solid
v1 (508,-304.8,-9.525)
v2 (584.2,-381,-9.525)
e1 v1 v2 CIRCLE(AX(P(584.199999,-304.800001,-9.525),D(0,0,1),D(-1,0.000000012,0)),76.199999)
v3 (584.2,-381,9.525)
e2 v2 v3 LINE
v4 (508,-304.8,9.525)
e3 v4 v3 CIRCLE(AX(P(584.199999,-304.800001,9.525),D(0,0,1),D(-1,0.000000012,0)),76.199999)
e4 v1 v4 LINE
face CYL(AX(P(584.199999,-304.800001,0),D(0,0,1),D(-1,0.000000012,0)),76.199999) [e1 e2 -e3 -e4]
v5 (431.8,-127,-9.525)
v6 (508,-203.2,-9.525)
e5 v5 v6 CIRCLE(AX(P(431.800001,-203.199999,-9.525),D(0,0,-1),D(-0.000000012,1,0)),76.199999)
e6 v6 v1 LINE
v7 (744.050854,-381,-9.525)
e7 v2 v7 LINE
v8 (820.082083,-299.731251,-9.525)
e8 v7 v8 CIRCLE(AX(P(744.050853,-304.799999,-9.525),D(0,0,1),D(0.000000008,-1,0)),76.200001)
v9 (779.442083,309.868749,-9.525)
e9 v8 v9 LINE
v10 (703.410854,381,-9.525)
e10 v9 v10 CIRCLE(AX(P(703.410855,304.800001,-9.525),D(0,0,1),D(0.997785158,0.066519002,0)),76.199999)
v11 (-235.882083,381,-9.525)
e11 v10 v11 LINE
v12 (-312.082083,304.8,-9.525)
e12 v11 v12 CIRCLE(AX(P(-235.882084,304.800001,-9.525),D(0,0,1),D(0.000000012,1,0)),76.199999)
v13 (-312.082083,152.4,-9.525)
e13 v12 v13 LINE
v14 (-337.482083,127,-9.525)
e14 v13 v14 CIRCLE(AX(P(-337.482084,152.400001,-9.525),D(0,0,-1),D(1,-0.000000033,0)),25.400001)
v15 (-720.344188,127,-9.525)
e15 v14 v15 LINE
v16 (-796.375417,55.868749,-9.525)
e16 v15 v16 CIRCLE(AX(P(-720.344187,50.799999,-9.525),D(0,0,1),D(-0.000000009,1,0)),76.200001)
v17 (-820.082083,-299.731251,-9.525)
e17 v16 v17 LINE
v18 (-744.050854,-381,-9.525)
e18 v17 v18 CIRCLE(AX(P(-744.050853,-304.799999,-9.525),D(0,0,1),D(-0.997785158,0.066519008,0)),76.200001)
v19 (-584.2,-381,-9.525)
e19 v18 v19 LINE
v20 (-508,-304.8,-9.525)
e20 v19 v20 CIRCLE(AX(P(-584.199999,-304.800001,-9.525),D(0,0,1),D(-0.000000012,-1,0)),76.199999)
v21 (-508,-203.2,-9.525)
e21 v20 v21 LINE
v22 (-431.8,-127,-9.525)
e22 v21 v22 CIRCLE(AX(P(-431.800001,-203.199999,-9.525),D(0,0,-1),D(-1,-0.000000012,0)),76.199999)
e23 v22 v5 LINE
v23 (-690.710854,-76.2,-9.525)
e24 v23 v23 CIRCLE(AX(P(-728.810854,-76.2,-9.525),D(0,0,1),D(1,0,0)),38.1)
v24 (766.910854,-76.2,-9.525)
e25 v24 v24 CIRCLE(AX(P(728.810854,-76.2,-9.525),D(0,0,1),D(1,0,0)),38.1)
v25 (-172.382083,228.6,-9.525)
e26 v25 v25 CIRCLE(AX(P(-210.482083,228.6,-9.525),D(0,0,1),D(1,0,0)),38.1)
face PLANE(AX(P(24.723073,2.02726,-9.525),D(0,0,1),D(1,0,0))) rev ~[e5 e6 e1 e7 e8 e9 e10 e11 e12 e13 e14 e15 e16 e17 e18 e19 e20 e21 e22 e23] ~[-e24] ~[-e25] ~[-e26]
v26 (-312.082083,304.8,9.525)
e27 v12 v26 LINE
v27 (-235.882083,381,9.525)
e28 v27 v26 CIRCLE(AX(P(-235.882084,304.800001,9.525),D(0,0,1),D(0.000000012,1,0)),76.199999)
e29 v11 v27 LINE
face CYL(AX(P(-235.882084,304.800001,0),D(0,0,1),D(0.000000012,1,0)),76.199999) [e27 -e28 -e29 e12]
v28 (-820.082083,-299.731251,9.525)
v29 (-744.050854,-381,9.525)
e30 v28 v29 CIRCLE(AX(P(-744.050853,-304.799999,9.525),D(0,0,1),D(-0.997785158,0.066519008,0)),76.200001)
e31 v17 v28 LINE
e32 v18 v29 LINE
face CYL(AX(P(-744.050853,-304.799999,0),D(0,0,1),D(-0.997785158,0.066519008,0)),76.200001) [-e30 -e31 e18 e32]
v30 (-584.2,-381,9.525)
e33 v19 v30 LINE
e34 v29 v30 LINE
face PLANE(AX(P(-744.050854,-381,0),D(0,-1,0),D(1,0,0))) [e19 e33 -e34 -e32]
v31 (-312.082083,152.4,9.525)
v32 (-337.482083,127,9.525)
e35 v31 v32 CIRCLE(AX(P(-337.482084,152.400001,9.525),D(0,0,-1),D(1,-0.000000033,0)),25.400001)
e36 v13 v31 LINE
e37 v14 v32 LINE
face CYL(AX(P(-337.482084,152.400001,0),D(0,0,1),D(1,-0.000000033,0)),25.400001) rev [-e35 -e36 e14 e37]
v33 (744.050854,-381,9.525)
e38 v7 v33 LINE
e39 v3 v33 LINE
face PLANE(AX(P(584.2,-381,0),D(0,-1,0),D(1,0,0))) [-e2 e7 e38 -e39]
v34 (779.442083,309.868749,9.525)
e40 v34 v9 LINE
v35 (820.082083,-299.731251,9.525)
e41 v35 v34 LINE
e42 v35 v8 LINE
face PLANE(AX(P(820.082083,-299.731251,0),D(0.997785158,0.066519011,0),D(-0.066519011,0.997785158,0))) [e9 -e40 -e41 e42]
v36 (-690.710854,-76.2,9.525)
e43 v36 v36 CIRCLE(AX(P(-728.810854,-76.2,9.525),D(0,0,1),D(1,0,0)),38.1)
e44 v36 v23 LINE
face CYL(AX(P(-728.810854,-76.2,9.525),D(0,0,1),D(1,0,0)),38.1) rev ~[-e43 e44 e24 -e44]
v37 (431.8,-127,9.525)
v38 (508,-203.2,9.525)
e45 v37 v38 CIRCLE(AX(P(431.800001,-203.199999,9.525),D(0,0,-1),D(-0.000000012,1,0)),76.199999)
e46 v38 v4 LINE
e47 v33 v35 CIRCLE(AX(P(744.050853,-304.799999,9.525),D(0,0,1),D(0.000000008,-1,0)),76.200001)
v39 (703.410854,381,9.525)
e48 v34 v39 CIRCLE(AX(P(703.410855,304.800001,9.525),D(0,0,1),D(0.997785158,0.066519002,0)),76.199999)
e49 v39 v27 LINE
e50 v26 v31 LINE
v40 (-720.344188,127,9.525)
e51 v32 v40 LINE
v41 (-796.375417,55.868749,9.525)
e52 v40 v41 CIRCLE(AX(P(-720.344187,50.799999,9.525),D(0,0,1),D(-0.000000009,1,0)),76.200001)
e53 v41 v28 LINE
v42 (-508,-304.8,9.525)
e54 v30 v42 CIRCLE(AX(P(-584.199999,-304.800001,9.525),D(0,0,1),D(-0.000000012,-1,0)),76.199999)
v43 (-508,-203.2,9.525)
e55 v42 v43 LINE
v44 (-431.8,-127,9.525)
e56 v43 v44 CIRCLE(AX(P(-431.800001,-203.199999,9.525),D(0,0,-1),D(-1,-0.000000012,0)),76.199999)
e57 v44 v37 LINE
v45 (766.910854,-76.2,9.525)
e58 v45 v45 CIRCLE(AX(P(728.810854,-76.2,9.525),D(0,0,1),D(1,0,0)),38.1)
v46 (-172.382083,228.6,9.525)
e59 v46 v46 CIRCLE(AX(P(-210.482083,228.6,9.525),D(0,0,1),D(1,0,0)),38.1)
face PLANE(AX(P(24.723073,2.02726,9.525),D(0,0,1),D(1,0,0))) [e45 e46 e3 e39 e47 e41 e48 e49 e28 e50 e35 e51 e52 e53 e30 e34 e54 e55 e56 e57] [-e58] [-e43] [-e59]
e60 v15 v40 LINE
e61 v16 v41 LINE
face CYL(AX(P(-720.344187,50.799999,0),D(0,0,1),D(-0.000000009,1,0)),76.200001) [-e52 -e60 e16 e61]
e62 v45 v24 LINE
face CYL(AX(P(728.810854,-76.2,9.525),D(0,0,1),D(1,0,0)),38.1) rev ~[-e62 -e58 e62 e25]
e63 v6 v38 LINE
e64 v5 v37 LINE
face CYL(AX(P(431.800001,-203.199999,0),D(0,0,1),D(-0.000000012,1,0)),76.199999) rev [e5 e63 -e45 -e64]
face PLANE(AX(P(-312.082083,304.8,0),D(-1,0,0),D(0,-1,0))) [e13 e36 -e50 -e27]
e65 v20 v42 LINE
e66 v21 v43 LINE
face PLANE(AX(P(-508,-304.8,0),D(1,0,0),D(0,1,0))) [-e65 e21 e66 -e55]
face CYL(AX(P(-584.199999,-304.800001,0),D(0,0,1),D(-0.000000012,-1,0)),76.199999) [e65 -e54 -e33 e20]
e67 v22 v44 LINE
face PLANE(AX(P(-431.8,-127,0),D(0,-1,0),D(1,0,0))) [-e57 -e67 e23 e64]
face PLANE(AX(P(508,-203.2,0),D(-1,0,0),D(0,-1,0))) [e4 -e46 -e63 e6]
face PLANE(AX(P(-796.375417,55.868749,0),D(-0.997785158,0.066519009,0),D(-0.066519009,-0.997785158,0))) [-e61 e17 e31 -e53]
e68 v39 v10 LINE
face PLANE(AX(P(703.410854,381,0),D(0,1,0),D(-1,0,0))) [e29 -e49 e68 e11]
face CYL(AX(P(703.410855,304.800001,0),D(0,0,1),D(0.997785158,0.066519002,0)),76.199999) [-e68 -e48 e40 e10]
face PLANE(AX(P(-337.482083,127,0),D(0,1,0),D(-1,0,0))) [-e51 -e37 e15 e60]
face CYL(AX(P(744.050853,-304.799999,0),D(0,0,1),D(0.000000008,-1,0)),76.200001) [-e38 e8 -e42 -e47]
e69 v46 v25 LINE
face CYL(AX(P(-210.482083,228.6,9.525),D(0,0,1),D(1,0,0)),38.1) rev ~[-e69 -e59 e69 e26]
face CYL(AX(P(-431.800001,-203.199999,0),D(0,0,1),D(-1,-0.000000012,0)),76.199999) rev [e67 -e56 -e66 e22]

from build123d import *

# Parameters (mm, degrees)
F1_DEPTH = 9.525
F2_R     = 38.1
F3_DEPTH = 19.051
F4_R     = 38.1
F5_DEPTH = 19.051
F6_R     = 38.1
F7_DEPTH = 25.4


with BuildPart() as f1:
    # F0 (on Top) → F1 (new body, symmetric)
    with BuildSketch(Plane.XY):
        with BuildLine():
            Line((703.410854, 381), (-235.882083, 381))
            ThreePointArc((-235.882083, 381), (-289.76362, 358.681537), (-312.082083, 304.8))
            Line((-312.082083, 304.8), (-312.082083, 152.4))
            ThreePointArc((-312.082083, 152.4), (-319.521571, 134.439488), (-337.482083, 127))
            Line((-337.482083, 127), (-720.344188, 127))
            ThreePointArc((-720.344188, 127), (-772.402815, 106.44476), (-796.375417, 55.868749))
            Line((-796.375417, 55.868749), (-820.082083, -299.731251))
            ThreePointArc((-820.082083, -299.731251), (-799.695614, -356.858627), (-744.050854, -381))
            Line((-744.050854, -381), (-584.2, -381))
            ThreePointArc((-584.2, -381), (-530.318463, -358.681537), (-508, -304.8))
            Line((-508, -304.8), (-508, -203.2))
            ThreePointArc((-508, -203.2), (-485.681537, -149.318463), (-431.8, -127))
            Line((-431.8, -127), (431.8, -127))
            ThreePointArc((431.8, -127), (485.681537, -149.318463), (508, -203.2))
            Line((508, -203.2), (508, -304.8))
            ThreePointArc((508, -304.8), (530.318463, -358.681537), (584.2, -381))
            Line((584.2, -381), (744.050854, -381))
            ThreePointArc((744.050854, -381), (799.695614, -356.858627), (820.082083, -299.731251))
            Line((820.082083, -299.731251), (779.442083, 309.868749))
            ThreePointArc((779.442083, 309.868749), (755.469482, 360.44476), (703.410854, 381))
        make_face()
    extrude(amount=F1_DEPTH, both=True)

    # F2 (on face) → F3 (cut, through all)
    with BuildSketch(Plane.XY.offset(9.525)):
        with Locations((-210.482083, 228.6)):
            Circle(F2_R)
    extrude(amount=-F3_DEPTH, mode=Mode.SUBTRACT)

    # F4 (on face) → F5 (cut, through all)
    with BuildSketch(Plane.XY.offset(9.525)):
        with Locations((-728.810854, -76.2)):
            Circle(F4_R)
    extrude(amount=-F5_DEPTH, mode=Mode.SUBTRACT)

    # F6 (on face) → F7 (cut)
    with BuildSketch(Plane.XY.offset(9.525)):
        with Locations((728.810854, -76.2)):
            Circle(F6_R)
    extrude(amount=-F7_DEPTH, mode=Mode.SUBTRACT)


solid = f1.part
